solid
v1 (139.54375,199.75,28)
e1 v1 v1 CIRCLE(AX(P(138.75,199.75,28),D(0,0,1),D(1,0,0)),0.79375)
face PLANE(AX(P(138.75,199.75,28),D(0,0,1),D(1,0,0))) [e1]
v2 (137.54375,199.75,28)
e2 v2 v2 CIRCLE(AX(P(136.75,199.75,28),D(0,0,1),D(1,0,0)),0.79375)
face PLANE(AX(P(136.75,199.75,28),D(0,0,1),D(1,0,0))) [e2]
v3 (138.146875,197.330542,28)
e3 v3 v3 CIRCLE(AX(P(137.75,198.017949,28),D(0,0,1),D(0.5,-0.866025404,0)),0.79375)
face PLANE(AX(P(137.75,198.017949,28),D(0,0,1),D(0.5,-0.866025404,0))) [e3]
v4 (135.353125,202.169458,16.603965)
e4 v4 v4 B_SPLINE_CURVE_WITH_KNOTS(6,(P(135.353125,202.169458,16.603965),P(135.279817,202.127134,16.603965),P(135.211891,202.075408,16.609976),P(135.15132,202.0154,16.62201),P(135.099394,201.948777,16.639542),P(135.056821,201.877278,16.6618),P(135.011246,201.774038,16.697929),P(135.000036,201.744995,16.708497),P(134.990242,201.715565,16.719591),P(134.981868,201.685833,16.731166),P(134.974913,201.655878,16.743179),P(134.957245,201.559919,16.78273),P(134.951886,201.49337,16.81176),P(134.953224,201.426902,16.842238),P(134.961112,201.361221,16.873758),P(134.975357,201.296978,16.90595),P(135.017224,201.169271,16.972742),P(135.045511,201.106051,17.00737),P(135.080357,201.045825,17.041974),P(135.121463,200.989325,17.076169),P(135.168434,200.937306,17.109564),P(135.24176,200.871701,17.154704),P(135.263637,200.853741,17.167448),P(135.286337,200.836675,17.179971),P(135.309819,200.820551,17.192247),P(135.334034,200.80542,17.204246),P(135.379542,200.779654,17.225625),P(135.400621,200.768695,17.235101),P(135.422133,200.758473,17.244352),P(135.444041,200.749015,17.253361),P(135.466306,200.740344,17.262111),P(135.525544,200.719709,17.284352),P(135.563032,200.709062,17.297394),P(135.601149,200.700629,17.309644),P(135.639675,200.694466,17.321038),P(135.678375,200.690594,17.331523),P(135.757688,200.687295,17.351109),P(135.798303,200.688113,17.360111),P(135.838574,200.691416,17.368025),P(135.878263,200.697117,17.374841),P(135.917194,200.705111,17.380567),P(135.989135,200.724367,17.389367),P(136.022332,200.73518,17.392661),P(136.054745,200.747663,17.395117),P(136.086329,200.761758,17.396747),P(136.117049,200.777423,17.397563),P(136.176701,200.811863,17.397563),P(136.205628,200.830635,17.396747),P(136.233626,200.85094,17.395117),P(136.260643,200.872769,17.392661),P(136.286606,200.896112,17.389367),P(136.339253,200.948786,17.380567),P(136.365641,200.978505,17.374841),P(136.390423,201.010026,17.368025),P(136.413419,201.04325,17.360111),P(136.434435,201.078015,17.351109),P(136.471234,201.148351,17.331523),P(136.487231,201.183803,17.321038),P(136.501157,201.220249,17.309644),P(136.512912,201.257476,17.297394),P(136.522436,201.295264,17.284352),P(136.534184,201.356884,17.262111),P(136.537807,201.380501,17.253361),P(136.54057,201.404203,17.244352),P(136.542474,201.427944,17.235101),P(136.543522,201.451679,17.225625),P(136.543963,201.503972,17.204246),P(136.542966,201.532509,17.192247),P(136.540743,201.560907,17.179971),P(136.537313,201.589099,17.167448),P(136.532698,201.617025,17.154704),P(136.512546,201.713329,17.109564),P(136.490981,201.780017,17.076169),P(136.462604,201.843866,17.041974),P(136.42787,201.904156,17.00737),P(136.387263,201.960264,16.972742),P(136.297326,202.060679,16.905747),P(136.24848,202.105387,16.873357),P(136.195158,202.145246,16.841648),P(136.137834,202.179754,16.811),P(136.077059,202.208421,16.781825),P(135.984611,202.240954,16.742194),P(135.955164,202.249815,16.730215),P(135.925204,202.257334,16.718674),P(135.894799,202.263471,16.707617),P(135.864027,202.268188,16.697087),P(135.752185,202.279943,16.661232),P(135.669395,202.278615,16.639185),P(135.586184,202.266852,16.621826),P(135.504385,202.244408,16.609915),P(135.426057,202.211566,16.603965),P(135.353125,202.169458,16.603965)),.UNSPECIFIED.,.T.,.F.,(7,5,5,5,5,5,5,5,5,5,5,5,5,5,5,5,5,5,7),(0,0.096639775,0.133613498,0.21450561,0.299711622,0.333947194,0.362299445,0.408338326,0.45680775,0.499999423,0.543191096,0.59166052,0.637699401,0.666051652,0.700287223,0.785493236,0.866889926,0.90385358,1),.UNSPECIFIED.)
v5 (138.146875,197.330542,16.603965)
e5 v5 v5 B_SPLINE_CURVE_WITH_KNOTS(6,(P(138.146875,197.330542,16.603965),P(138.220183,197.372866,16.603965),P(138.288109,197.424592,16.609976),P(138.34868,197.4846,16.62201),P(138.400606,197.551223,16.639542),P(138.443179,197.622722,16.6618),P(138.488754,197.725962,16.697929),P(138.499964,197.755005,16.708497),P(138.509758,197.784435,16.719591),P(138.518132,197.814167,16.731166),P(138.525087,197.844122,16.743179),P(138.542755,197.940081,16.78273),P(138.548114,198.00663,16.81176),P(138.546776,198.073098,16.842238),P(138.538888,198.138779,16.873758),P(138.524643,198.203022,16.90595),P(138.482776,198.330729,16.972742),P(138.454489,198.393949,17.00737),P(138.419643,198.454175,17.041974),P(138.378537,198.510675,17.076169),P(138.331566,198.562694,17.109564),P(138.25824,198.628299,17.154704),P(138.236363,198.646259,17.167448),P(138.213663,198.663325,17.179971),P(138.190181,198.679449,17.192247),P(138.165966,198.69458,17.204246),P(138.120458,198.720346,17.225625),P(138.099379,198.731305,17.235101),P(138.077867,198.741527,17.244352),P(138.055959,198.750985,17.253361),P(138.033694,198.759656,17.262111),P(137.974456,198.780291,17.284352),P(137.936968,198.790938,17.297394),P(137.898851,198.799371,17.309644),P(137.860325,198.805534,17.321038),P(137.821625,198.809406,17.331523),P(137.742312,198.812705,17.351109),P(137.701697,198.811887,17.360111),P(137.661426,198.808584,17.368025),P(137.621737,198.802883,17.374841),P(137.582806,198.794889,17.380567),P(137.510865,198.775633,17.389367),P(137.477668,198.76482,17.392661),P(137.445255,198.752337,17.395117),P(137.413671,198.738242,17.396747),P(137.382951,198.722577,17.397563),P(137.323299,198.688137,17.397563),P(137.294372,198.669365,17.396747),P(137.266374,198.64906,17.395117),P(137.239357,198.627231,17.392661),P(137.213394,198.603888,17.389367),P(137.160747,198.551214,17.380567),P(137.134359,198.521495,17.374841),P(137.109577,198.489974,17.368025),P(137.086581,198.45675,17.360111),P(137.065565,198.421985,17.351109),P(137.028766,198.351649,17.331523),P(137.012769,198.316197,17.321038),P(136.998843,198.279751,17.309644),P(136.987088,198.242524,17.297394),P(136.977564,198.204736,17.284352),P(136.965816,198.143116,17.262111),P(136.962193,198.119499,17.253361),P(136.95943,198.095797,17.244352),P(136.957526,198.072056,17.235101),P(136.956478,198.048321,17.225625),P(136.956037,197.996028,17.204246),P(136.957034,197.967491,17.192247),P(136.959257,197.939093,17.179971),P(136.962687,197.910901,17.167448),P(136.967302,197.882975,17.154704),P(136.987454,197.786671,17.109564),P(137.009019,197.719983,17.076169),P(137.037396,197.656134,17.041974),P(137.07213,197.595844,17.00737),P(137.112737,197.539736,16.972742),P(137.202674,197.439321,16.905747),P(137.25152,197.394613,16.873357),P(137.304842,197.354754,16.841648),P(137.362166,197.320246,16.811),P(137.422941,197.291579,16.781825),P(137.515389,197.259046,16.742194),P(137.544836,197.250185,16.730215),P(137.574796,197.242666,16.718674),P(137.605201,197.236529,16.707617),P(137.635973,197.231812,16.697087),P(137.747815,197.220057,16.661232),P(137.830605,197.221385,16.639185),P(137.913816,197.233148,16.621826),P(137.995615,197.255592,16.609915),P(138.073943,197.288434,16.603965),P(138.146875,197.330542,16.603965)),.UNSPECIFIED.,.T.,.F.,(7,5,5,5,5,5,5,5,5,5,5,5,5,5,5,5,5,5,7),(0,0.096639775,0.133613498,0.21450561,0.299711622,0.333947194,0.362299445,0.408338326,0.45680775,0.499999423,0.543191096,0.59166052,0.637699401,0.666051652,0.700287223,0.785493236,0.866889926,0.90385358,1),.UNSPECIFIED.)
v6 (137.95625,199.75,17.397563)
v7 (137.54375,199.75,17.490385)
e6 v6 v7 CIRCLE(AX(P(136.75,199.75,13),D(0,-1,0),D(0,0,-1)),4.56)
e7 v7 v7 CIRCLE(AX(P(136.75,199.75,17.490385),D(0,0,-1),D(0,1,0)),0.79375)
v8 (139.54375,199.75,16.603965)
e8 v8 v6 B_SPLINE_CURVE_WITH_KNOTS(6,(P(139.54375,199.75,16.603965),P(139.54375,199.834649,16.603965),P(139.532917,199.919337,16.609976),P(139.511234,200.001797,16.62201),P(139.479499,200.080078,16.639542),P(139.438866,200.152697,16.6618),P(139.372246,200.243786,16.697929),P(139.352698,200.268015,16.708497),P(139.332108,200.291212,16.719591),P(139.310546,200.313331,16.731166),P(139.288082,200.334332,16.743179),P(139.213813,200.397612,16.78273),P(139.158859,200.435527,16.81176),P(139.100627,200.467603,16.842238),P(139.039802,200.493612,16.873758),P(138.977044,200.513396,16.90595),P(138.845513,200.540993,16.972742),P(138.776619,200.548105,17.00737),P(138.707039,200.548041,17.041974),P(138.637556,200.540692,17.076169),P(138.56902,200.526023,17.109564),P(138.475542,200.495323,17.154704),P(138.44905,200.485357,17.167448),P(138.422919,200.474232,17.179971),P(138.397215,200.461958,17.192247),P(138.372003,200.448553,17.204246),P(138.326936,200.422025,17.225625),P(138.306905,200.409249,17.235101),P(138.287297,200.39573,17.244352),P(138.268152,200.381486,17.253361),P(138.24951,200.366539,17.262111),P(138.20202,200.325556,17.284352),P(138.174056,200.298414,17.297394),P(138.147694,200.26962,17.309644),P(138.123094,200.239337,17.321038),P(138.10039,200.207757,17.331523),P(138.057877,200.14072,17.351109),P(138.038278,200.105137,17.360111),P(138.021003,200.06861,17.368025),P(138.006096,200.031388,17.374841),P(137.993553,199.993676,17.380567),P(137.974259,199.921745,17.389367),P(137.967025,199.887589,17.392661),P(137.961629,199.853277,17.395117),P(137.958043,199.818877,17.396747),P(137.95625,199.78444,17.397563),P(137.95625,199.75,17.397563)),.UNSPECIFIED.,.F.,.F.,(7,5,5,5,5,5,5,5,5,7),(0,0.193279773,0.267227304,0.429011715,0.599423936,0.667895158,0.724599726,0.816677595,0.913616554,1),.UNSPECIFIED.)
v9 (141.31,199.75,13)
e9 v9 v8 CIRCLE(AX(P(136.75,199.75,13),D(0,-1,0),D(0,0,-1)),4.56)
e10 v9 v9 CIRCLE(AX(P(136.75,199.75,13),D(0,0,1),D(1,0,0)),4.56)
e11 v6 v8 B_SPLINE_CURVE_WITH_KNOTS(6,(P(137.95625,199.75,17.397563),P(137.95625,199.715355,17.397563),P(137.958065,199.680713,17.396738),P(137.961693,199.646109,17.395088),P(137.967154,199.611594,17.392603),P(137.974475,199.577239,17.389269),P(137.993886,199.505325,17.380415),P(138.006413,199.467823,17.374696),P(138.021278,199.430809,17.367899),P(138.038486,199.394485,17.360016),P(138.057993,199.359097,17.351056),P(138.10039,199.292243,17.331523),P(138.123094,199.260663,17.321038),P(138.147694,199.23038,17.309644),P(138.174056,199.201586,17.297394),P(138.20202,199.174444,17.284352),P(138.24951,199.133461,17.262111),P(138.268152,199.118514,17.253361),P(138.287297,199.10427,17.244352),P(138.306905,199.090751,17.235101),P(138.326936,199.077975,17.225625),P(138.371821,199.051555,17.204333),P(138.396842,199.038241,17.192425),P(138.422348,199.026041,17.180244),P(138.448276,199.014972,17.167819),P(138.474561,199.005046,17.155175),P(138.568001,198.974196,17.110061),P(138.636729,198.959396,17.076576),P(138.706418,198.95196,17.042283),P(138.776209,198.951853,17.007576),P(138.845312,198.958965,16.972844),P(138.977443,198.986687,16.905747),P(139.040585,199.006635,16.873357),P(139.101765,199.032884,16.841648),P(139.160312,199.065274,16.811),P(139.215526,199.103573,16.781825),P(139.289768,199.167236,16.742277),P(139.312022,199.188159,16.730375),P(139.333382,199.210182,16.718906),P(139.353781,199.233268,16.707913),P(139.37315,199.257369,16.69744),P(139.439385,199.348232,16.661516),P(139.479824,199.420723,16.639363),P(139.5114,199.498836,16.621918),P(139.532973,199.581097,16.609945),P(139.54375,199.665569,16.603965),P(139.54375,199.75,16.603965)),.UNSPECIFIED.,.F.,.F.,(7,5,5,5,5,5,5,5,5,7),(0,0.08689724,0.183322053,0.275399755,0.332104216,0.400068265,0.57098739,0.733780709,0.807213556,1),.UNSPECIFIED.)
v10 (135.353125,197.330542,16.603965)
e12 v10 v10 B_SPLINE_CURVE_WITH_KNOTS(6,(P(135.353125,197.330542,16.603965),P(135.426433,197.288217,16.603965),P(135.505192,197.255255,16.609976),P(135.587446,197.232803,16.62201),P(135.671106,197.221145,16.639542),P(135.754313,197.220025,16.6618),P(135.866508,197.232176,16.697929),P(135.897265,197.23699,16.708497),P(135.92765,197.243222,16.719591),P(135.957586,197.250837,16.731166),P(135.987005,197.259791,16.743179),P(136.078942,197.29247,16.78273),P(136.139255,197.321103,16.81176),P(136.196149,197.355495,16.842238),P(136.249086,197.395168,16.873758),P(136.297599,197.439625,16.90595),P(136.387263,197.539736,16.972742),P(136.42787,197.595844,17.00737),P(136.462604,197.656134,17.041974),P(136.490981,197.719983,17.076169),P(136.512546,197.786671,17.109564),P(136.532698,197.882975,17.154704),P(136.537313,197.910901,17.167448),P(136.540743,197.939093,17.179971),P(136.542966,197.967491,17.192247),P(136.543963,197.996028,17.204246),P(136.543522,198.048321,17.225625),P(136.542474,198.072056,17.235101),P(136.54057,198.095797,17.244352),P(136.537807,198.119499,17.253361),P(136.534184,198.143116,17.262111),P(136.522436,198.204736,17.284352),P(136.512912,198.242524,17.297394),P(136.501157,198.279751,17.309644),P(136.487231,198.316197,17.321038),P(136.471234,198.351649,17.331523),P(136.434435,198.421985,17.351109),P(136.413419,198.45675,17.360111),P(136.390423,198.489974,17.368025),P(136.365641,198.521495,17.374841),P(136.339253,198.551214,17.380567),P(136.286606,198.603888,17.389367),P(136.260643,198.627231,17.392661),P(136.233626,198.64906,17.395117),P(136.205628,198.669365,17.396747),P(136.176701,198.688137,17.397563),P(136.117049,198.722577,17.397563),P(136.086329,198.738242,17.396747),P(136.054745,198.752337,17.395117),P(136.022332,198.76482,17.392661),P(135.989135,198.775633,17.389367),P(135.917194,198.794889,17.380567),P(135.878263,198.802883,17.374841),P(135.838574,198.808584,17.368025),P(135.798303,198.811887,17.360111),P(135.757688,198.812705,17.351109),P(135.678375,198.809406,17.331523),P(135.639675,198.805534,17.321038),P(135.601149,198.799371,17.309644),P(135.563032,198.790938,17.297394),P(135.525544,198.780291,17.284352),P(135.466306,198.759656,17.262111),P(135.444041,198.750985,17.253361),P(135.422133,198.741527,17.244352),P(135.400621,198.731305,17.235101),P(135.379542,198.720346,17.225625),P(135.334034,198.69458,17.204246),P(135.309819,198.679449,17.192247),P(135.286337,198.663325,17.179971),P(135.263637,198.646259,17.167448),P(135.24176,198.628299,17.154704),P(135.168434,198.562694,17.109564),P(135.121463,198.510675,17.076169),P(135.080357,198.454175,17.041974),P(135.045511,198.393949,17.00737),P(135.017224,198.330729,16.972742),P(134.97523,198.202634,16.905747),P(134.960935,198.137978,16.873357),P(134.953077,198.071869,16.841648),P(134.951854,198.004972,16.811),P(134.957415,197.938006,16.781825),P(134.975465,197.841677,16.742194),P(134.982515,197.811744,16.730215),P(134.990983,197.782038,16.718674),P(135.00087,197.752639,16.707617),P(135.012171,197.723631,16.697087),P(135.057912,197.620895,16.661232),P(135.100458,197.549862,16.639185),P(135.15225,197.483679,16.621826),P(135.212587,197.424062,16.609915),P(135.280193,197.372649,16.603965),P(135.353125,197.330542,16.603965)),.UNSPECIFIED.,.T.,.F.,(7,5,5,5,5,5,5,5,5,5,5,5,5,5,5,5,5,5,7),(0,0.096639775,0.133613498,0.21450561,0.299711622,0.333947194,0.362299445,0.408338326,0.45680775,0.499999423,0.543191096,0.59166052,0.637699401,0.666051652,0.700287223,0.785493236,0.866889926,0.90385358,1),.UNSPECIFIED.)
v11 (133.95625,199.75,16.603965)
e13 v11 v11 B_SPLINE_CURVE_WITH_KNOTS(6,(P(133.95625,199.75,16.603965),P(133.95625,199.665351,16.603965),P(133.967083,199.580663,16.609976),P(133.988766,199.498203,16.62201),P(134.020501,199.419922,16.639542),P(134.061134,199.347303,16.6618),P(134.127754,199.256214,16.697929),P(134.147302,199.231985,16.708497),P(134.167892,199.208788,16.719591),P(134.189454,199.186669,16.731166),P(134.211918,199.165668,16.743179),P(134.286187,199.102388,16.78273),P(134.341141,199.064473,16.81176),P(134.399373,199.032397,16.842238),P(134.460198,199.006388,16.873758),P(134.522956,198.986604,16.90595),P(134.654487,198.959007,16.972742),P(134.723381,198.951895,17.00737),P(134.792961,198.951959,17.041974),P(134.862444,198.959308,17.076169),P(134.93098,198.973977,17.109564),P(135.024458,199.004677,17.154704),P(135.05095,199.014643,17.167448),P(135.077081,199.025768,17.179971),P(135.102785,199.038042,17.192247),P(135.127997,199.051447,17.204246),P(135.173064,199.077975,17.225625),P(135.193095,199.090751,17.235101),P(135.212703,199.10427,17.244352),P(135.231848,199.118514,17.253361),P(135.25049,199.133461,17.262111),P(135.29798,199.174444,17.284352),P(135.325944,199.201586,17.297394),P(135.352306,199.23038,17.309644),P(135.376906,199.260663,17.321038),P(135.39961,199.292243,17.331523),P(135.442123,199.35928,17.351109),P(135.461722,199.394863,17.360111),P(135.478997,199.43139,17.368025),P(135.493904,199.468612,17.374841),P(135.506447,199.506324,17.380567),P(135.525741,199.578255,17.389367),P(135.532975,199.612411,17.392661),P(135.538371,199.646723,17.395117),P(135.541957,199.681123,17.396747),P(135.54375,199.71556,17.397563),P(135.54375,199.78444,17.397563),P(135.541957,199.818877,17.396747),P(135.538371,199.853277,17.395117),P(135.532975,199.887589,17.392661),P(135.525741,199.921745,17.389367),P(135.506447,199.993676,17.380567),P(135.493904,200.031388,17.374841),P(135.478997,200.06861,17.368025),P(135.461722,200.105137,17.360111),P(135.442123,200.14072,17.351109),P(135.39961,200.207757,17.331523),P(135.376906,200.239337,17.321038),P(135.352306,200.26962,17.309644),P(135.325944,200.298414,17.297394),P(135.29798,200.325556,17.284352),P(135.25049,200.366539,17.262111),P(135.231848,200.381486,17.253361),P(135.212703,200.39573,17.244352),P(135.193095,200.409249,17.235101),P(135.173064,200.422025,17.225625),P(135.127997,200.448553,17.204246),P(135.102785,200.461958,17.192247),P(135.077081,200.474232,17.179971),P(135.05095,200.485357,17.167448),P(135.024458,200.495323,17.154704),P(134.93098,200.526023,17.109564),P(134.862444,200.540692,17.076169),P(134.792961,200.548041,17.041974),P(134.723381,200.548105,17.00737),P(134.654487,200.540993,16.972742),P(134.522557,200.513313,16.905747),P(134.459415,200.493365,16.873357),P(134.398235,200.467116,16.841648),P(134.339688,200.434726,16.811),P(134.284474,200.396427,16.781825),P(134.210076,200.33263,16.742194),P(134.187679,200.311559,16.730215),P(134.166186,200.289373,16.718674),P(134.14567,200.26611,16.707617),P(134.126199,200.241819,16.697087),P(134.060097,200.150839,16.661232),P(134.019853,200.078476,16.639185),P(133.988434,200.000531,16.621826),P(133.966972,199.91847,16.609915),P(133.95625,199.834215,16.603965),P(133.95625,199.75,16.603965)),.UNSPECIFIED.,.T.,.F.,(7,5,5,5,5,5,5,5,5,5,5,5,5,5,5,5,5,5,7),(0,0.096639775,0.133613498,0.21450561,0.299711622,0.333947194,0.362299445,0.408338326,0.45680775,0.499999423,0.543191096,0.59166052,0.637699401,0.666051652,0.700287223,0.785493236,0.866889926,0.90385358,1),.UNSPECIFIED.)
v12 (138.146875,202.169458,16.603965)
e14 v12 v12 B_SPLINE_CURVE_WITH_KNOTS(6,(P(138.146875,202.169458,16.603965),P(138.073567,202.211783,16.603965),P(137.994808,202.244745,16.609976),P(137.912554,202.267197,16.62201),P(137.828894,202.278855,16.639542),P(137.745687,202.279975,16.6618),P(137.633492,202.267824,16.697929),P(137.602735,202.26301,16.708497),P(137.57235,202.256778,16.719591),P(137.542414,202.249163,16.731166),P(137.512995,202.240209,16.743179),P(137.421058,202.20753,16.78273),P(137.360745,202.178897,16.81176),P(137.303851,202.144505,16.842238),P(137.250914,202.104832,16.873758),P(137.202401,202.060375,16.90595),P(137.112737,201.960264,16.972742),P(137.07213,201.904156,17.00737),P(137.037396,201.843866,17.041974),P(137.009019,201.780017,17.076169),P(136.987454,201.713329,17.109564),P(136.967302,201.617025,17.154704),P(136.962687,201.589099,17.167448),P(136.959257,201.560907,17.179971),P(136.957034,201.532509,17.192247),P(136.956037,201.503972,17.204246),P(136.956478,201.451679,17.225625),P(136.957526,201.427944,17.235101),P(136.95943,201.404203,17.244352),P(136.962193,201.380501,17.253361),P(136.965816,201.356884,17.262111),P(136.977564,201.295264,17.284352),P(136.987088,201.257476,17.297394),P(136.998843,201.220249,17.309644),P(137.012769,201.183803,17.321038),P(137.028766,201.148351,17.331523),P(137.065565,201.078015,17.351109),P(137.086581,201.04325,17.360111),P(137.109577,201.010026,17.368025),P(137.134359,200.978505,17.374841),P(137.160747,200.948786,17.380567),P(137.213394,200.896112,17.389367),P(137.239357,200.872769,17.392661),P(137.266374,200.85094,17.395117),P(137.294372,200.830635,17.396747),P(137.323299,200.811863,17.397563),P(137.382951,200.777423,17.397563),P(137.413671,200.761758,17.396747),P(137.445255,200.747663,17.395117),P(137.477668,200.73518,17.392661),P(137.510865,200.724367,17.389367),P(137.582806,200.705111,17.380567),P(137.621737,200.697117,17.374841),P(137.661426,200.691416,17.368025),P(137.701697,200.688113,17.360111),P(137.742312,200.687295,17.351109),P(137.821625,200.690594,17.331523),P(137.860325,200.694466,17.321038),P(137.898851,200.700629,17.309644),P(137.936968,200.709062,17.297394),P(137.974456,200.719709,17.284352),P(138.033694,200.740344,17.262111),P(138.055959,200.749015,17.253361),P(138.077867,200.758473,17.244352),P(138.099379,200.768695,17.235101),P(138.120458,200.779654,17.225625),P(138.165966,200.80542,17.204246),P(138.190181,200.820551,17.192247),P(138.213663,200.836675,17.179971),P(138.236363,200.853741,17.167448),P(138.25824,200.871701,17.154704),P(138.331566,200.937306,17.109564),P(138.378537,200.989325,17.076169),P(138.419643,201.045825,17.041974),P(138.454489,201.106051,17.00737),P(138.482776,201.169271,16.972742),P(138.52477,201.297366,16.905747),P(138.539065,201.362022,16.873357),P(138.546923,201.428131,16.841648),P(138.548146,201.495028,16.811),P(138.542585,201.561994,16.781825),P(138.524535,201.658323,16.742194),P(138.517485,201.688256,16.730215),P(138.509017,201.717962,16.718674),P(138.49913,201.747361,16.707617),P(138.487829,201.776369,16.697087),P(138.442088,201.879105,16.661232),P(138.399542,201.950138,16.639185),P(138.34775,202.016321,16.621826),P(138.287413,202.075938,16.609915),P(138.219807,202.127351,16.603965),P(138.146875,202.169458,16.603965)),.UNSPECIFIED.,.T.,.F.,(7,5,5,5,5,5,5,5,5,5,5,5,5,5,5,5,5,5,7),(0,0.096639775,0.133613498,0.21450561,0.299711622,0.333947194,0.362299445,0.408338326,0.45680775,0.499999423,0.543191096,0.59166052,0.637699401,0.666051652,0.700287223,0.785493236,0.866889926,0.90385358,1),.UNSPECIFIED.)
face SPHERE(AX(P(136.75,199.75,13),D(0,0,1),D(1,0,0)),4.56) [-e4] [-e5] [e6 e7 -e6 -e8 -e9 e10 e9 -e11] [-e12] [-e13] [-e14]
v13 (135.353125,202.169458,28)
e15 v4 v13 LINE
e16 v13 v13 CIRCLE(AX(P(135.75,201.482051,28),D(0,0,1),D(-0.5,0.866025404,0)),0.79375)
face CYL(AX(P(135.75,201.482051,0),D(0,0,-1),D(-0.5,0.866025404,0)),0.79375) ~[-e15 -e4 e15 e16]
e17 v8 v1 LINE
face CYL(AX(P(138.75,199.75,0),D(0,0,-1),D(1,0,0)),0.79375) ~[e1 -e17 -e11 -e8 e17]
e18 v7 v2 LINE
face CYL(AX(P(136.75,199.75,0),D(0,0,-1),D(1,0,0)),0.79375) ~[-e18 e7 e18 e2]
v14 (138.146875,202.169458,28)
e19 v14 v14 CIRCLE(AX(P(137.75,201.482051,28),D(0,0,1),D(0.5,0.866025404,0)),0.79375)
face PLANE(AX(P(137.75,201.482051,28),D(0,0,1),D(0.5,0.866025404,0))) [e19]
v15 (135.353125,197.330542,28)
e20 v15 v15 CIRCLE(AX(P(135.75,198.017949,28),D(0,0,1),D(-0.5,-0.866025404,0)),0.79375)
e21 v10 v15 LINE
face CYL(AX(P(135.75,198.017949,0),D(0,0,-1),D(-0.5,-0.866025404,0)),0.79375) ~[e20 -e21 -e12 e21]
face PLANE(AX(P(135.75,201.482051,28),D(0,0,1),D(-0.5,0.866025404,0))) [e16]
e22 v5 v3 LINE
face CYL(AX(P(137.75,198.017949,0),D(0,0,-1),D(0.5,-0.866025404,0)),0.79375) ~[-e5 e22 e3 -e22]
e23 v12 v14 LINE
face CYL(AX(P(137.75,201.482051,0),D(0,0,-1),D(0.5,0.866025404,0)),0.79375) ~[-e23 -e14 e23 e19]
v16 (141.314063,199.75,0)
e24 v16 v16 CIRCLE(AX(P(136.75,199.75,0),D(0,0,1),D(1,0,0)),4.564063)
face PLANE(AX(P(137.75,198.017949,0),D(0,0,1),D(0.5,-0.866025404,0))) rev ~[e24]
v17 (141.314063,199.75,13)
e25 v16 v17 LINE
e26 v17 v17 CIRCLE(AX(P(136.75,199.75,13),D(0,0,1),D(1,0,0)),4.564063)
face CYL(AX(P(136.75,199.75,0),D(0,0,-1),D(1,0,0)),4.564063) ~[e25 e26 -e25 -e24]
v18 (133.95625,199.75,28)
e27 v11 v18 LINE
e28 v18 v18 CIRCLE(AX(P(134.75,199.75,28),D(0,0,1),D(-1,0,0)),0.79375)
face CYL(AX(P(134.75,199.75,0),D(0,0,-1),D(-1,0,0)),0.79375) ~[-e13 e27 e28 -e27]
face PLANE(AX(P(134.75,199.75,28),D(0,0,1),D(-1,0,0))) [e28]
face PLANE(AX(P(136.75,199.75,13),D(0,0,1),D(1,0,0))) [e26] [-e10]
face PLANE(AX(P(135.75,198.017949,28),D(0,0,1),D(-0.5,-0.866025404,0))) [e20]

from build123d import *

# Parameters (mm, degrees)
CYLINDER062_R     = 0.79375
CYLINDER062_DEPTH = 28
ARRAY003_COUNT    = 6
CYLINDER063_R     = 0.79375
CYLINDER063_DEPTH = 28
CYLINDER061_R     = 4.564063
CYLINDER061_DEPTH = 13


with BuildPart() as array003:
    # Cylinder062 → Cylinder062 (new body)
    with BuildSketch(Plane(origin=(2, 0, 0), x_dir=(1, 0, 0), z_dir=(0, 0, 1))):
        Circle(CYLINDER062_R)
    extrude(amount=CYLINDER062_DEPTH)

    # Array003: Array003 ×6 about axis
    array003_axis = Axis((0, 0, 0), (0, 0, 1))


with BuildPart() as array003_1:
    add(array003.part)
    for i in range(1, ARRAY003_COUNT):
        add(array003.part.rotate(array003_axis, i * 360 / ARRAY003_COUNT))


with BuildPart() as wireft_holes002:
    # Cylinder063 → Cylinder063 (new body)
    with BuildSketch(Plane.XY):
        Circle(CYLINDER063_R)
    extrude(amount=CYLINDER063_DEPTH)

    # Fusion026: union Array003
    add(array003_1.part)


with BuildPart() as compression002:
    # Sphere002 → Sphere002 (revolve)
    with BuildSketch(Plane(origin=(0, 0, 13), x_dir=(1, 0, 0), z_dir=(0, -1, 0))):
        with BuildLine():
            ThreePointArc((0, -4.56), (4.56, 0), (0, 4.56))
            Line((0, 4.56), (0, -4.56))
        make_face()
    revolve(axis=Axis((0, 0, 13), (0, 0, 1)))


with BuildPart() as wireft006:
    # Cylinder061 → Cylinder061 (new body)
    with BuildSketch(Plane.XY):
        Circle(CYLINDER061_R)
    extrude(amount=CYLINDER061_DEPTH)

    # Fusion027: union WireFT_Holes002, Compression002
    add(wireft_holes002.part)
    add(compression002.part)


with BuildPart() as wireft006_1:
    # Fusion027 placement: moved
    add(wireft006.part.moved(Location((136.75, 199.75, 0))))


solid = wireft006_1.part
